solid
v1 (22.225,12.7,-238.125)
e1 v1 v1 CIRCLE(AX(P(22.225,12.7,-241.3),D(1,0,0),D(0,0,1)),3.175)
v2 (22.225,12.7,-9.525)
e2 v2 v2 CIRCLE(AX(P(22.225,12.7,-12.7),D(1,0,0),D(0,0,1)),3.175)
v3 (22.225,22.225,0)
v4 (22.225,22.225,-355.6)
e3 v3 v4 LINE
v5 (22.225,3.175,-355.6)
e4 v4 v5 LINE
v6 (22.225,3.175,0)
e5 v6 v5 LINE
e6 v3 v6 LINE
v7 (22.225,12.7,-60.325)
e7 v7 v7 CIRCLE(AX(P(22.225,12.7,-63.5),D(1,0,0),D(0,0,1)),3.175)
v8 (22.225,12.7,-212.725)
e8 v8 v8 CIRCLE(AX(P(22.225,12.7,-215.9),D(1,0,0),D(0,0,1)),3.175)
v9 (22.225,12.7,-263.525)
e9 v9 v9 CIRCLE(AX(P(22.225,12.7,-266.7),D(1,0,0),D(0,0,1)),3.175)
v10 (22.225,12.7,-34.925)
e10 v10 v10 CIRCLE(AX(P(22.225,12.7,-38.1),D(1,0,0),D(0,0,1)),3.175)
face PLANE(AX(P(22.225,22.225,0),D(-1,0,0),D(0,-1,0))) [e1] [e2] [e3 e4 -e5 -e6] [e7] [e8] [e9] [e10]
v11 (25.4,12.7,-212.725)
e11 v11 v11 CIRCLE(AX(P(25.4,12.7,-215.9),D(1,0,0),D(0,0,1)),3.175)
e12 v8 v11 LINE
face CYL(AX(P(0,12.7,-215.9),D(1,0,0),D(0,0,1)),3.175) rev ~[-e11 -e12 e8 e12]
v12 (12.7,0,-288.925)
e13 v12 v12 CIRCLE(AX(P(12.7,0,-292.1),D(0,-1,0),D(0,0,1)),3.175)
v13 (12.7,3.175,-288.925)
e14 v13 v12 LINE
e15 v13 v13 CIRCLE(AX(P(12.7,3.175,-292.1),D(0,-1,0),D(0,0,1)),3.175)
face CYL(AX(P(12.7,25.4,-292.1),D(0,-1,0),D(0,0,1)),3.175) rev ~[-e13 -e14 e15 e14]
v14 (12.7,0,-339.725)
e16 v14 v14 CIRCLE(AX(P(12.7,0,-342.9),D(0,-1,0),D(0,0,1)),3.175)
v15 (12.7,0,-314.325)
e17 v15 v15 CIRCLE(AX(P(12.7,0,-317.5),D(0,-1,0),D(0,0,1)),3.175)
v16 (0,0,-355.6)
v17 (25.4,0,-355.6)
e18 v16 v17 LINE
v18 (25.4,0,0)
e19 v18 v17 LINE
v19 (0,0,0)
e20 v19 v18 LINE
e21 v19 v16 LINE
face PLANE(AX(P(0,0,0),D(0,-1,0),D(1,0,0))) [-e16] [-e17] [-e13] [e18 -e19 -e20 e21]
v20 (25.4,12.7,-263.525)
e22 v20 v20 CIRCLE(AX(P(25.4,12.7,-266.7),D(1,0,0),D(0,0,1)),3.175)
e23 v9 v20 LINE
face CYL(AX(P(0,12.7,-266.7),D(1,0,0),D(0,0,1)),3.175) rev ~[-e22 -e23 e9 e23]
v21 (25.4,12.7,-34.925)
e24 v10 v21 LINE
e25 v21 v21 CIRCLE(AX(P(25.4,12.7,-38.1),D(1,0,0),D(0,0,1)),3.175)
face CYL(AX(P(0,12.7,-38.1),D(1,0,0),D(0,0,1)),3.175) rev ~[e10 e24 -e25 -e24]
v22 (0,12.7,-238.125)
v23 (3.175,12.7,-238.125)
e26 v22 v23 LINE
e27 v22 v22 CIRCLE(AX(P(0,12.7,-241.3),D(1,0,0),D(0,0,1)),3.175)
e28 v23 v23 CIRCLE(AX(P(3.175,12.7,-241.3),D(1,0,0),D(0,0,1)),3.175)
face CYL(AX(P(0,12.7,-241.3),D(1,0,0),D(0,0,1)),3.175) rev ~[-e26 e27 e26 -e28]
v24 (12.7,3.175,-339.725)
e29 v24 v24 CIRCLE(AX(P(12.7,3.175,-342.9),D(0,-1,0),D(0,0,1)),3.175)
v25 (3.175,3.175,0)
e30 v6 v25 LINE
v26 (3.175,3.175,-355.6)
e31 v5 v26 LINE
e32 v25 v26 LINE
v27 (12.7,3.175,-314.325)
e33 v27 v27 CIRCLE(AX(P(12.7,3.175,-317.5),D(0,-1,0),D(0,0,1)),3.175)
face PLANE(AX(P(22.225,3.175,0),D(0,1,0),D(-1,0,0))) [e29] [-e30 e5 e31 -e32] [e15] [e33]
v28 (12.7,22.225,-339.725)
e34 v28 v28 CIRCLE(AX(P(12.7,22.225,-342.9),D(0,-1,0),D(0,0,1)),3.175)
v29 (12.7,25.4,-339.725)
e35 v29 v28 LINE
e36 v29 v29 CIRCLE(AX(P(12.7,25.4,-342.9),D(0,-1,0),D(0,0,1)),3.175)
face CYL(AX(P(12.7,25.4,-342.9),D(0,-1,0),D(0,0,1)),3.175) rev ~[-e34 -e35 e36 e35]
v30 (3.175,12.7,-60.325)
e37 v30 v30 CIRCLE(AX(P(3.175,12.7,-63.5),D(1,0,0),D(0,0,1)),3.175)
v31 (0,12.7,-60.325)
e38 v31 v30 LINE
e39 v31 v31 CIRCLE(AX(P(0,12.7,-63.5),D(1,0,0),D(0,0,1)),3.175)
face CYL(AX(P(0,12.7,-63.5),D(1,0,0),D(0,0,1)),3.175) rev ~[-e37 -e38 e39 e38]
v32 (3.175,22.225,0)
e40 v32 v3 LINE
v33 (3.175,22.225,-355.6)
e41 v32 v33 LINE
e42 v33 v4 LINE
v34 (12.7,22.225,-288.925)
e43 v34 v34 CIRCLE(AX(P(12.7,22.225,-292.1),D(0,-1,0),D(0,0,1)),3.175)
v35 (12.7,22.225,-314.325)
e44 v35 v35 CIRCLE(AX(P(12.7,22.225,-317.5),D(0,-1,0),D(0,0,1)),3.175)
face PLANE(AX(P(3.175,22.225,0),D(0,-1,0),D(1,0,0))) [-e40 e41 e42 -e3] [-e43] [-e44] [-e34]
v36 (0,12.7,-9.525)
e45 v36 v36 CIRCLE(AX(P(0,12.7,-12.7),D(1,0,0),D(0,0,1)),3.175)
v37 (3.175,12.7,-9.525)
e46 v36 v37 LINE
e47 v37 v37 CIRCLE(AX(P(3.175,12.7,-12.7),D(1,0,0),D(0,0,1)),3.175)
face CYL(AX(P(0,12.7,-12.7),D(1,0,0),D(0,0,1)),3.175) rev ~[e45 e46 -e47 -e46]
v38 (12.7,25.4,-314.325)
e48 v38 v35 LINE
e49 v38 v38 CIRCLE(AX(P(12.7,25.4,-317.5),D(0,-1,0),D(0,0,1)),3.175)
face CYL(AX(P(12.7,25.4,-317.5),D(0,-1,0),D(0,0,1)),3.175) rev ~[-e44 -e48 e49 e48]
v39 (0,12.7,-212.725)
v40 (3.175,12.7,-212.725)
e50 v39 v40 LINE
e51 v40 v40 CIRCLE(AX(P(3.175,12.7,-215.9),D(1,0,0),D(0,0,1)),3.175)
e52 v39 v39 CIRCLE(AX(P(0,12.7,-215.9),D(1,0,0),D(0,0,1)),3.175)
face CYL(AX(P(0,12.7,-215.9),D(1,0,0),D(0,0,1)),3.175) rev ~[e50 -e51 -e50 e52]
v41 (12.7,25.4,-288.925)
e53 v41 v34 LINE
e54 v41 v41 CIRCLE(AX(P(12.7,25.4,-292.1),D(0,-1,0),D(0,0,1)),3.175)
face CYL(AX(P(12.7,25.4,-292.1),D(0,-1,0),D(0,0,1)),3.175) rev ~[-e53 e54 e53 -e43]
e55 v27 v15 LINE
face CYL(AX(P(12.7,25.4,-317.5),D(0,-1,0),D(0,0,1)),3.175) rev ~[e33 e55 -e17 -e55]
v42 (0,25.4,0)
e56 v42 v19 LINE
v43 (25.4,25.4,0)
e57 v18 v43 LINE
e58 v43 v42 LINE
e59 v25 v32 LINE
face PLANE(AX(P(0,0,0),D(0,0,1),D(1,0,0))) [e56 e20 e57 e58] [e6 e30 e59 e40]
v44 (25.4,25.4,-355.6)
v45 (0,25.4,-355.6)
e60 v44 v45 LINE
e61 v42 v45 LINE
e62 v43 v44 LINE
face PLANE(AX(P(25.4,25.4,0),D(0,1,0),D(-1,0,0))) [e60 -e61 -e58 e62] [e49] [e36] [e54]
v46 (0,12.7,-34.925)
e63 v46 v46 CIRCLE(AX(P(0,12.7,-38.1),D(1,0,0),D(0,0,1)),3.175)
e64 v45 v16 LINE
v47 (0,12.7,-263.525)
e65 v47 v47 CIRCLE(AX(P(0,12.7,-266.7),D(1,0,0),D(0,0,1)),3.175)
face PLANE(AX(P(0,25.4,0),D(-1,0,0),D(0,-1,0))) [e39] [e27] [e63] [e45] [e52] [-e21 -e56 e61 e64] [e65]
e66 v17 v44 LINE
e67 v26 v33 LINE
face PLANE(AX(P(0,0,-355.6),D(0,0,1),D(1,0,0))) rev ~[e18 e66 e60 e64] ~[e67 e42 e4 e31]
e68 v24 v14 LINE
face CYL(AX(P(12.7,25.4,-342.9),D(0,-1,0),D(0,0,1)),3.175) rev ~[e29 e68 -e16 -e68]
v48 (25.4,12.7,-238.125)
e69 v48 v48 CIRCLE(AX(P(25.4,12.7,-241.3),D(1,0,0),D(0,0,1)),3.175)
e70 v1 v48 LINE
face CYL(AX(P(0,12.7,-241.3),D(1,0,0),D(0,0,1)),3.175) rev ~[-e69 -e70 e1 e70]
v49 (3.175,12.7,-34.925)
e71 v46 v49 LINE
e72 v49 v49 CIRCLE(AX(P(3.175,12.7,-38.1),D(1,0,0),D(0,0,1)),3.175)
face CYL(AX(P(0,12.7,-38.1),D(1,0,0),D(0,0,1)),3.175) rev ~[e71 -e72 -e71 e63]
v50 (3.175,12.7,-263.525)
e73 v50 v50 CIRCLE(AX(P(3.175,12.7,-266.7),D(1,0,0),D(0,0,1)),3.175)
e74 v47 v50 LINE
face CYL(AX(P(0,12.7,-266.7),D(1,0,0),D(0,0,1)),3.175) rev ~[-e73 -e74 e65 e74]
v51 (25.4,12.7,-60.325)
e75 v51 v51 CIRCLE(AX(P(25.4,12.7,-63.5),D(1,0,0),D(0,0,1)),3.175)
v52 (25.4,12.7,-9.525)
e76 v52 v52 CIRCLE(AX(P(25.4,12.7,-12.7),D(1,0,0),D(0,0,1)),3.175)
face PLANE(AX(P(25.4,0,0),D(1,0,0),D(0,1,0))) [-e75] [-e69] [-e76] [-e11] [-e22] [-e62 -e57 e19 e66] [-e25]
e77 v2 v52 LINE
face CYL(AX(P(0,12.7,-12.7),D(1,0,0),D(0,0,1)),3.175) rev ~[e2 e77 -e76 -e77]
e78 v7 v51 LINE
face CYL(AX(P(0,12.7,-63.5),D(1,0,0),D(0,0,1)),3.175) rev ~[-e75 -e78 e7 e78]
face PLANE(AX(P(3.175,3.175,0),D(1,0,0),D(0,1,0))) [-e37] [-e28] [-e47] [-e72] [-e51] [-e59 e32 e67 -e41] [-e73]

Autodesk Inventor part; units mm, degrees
ref_plane "YZ Plane" through (0, 0, 0) normal (1, 0, 0) x (0, 1, 0)
ref_plane "XZ Plane" through (0, 0, 0) normal (0, 1, 0) x (-1, 0, 0)
ref_plane "XY Plane" through (0, 0, 0) normal (0, 0, 1) x (1, 0, 0)
sketch "Sketch1" plane through (0, 0, 0) normal (0, 0, 1) x (1, 0, 0)
  line L0 (0, 0) -> (25.4, 0)
  line L1 (25.4, 0) -> (25.4, 25.4)
  line L2 (25.4, 25.4) -> (0, 25.4)
  line L3 (0, 25.4) -> (0, 0)
  line L4 (3.175, 22.225) -> (22.225, 22.225)
  line L5 (22.225, 22.225) -> (22.225, 3.175)
  line L6 (22.225, 3.175) -> (3.175, 3.175)
  line L7 (3.175, 3.175) -> (3.175, 22.225)
  dimension "d0" = 25.4
  dimension "d1" = 25.4
  dimension "d2" = 3.175
extrude "Extrusion1" add sketch "Sketch1" against normal blind 355.6
sketch "Sketch2" plane through (0, 0, 0) normal (-1, 0, 0) x (0, 0, 1)
  line L0 (-355.6, 25.4) -> (-355.6, 0) projected
  line L1 (0, 25.4) -> (0, 0) projected
  point P0 (-266.7, 12.7)
  point P1 (-241.3, 12.7)
  point P2 (-215.9, 12.7)
  point P3 (-12.7, 12.7)
  point P4 (-38.1, 12.7)
  point P5 (-63.5, 12.7)
  dimension "d5" = 88.9
  dimension "d6" = 25.4
  dimension "d7" = 25.4
  dimension "d8" = 25.4
  dimension "d9" = 25.4
  dimension "d10" = 12.7
hole "Hole1" at (0, 12.7, -266.7) at (0, 12.7, -241.3) at (0, 12.7, -215.9) at (0, 12.7, -12.7) at (0, 12.7, -38.1) at (0, 12.7, -63.5) direction (1, 0, 0) diameter 6.35 depth 25.4 tip angle 118
sketch "Sketch3" plane through (0, 25.4, 0) normal (0, 1, 0) x (1, 0, 0)
  line L0 (25.4, 355.6) -> (0, 355.6) projected
  point P0 (12.7, 342.9)
  point P1 (12.7, 317.5)
  point P2 (12.7, 292.1)
  dimension "d18" = 25.4
  dimension "d19" = 25.4
  dimension "d20" = 12.7
hole "Hole2" at (12.7, 25.4, -342.9) at (12.7, 25.4, -317.5) at (12.7, 25.4, -292.1) direction (0, -1, 0) diameter 6.35 depth 25.4 tip angle 118
properties part number "10 inch side piece"
